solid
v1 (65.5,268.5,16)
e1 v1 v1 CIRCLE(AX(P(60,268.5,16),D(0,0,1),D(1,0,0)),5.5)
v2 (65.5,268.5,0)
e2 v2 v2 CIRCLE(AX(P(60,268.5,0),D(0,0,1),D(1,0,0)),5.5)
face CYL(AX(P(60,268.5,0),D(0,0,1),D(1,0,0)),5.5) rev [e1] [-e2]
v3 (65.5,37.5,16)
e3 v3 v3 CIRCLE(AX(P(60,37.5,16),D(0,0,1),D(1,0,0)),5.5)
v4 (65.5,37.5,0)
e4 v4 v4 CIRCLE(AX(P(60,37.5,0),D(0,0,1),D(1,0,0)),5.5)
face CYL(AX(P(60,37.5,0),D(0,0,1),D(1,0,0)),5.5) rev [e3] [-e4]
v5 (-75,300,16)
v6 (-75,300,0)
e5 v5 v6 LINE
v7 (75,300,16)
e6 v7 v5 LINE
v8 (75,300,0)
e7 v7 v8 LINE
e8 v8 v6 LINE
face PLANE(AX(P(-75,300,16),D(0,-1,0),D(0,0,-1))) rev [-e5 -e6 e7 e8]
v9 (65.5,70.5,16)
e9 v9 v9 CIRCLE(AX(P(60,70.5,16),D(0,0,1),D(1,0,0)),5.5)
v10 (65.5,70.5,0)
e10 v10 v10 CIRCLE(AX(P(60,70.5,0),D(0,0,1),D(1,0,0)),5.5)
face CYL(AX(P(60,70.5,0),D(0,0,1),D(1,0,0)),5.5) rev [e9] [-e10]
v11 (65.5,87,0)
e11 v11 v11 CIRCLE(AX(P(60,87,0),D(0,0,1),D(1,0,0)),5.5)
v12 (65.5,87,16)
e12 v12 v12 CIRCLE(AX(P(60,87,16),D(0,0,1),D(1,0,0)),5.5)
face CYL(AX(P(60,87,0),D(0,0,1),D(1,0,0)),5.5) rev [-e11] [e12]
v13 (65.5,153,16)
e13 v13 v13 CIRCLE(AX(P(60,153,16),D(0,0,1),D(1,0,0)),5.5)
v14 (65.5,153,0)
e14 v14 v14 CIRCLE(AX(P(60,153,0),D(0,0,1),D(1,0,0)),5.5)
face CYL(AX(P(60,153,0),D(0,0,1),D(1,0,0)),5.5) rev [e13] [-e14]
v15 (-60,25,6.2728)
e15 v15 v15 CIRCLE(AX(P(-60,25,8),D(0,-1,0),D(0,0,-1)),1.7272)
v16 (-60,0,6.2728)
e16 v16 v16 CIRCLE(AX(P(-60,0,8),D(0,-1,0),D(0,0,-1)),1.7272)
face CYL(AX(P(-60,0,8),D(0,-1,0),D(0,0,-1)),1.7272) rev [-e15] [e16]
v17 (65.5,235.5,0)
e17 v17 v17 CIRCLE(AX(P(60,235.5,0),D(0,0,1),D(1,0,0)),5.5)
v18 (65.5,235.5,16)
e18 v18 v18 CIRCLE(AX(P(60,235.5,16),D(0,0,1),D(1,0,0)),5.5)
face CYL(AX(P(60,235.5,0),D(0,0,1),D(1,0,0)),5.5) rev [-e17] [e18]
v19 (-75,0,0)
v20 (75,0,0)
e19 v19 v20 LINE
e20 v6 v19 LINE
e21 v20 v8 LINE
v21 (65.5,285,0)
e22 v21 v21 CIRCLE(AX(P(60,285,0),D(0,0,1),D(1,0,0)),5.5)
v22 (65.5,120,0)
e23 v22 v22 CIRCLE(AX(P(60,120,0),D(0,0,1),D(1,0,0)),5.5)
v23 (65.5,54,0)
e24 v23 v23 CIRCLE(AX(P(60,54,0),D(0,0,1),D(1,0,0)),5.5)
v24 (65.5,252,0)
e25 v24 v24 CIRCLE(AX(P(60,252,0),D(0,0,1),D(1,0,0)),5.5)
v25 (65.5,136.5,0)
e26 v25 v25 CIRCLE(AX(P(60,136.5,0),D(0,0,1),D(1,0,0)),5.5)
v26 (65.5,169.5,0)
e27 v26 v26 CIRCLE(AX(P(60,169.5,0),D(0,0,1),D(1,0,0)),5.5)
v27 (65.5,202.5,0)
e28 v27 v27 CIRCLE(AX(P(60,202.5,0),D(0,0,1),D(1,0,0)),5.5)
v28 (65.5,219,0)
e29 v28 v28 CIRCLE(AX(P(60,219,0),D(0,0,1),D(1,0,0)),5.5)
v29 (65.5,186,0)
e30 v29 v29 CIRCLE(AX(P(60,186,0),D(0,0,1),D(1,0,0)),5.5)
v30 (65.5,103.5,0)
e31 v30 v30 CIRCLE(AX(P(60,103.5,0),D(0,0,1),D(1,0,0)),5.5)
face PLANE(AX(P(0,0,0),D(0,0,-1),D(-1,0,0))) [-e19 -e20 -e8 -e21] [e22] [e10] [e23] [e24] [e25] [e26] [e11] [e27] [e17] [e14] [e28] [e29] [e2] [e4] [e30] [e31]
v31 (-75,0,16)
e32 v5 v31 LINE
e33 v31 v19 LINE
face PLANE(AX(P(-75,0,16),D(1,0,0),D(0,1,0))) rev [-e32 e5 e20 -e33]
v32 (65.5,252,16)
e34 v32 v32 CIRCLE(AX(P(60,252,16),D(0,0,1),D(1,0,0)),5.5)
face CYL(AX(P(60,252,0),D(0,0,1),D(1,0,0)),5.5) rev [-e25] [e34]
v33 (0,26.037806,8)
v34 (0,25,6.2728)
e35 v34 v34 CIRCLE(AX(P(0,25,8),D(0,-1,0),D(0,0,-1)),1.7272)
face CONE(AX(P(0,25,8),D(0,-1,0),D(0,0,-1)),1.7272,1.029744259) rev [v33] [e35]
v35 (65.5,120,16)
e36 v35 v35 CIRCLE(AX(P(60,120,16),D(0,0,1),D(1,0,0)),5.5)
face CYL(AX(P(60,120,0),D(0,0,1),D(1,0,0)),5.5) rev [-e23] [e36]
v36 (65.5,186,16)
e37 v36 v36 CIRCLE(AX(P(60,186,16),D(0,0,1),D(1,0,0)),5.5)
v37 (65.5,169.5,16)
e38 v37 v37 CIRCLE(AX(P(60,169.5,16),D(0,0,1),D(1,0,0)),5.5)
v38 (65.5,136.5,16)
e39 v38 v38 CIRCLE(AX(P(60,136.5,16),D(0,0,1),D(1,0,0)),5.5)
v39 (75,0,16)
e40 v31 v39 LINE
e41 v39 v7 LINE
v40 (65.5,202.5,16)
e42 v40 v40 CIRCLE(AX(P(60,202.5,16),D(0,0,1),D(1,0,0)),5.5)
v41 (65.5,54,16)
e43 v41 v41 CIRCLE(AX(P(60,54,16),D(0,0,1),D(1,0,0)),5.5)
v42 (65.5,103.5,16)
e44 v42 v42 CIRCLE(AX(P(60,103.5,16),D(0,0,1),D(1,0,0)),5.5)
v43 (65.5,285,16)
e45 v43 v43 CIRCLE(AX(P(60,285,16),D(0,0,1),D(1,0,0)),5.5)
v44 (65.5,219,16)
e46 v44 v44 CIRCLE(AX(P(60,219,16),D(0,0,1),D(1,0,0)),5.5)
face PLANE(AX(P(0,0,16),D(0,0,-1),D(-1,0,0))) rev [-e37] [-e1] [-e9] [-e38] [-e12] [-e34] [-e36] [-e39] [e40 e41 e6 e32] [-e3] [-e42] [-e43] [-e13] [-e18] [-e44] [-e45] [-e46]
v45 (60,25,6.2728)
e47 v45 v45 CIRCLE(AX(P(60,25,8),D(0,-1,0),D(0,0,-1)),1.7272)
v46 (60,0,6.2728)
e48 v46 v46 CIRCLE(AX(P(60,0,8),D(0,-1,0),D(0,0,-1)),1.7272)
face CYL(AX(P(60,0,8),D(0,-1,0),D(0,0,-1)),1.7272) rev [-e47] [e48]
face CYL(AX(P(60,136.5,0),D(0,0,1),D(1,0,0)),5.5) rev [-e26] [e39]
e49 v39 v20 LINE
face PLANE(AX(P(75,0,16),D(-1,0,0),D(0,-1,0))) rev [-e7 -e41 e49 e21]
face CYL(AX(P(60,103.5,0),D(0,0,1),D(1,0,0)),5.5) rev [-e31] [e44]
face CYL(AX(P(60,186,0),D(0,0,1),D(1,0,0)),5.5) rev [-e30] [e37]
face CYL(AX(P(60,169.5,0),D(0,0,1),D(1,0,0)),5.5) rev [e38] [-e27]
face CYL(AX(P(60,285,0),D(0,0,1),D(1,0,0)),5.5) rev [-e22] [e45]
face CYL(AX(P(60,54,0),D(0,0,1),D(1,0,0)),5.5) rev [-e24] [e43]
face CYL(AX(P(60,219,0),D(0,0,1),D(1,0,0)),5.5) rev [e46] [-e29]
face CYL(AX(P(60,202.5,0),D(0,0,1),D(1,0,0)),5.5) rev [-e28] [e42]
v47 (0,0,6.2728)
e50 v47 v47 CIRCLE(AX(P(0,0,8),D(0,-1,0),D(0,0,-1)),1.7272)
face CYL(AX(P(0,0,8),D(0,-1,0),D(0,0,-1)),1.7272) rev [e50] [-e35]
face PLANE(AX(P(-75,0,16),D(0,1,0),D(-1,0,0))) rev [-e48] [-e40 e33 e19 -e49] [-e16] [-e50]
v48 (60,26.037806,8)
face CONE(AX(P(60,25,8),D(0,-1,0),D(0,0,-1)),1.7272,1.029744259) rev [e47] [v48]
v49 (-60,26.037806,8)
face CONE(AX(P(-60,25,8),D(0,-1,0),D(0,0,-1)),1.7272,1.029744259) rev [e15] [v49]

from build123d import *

# Parameters (mm, degrees)
SKETCH1_W                 = 150
SKETCH1_H                 = 300
BOSS_EXTRUDE1_DEPTH       = 16
SKETCH2_R                 = 5.5
CUT_EXTRUDE4_DEPTH        = 310.646572724
LPATTERN1_COUNT           = 16
LPATTERN1_PITCH           = 16.5
F_8_36_TAPPED_HOLE1_D     = 3.4544
F_8_36_TAPPED_HOLE1_DEPTH = 25
F_8_36_TAPPED_HOLE1_TIP   = 1.037806461


with BuildPart() as part:
    # Sketch1 → Boss-Extrude1 (new body)
    with BuildSketch(Plane.XY):
        with Locations((0, 150)):
            Rectangle(SKETCH1_W, SKETCH1_H)
    extrude(amount=BOSS_EXTRUDE1_DEPTH)

    # Sketch2 → Cut-Extrude4 (cut, through all)
    with BuildSketch(Plane.XY.offset(16)):
        with Locations((60, 37.5)):
            Circle(SKETCH2_R)
    cut_extrude4 = extrude(amount=-CUT_EXTRUDE4_DEPTH, mode=Mode.SUBTRACT)

    # LPattern1: Cut-Extrude4 ×16
    with Locations(*[(0, i * LPATTERN1_PITCH, 0) for i in range(1, LPATTERN1_COUNT)]):
        add(cut_extrude4, mode=Mode.SUBTRACT)

    # #8-36 Tapped Hole1
    with Locations(Plane(origin=(0, 0, 0), x_dir=(-1, 0, 0), z_dir=(0, -1, 0))):
        with Locations((-60, -8), (0, -8), (60, -8)):
            Hole(F_8_36_TAPPED_HOLE1_D / 2, depth=F_8_36_TAPPED_HOLE1_DEPTH)
            with Locations((0, 0, -(F_8_36_TAPPED_HOLE1_DEPTH + F_8_36_TAPPED_HOLE1_TIP / 2))):  # 118° drill point
                Cone(0, F_8_36_TAPPED_HOLE1_D / 2, F_8_36_TAPPED_HOLE1_TIP, mode=Mode.SUBTRACT)


solid = part.part
